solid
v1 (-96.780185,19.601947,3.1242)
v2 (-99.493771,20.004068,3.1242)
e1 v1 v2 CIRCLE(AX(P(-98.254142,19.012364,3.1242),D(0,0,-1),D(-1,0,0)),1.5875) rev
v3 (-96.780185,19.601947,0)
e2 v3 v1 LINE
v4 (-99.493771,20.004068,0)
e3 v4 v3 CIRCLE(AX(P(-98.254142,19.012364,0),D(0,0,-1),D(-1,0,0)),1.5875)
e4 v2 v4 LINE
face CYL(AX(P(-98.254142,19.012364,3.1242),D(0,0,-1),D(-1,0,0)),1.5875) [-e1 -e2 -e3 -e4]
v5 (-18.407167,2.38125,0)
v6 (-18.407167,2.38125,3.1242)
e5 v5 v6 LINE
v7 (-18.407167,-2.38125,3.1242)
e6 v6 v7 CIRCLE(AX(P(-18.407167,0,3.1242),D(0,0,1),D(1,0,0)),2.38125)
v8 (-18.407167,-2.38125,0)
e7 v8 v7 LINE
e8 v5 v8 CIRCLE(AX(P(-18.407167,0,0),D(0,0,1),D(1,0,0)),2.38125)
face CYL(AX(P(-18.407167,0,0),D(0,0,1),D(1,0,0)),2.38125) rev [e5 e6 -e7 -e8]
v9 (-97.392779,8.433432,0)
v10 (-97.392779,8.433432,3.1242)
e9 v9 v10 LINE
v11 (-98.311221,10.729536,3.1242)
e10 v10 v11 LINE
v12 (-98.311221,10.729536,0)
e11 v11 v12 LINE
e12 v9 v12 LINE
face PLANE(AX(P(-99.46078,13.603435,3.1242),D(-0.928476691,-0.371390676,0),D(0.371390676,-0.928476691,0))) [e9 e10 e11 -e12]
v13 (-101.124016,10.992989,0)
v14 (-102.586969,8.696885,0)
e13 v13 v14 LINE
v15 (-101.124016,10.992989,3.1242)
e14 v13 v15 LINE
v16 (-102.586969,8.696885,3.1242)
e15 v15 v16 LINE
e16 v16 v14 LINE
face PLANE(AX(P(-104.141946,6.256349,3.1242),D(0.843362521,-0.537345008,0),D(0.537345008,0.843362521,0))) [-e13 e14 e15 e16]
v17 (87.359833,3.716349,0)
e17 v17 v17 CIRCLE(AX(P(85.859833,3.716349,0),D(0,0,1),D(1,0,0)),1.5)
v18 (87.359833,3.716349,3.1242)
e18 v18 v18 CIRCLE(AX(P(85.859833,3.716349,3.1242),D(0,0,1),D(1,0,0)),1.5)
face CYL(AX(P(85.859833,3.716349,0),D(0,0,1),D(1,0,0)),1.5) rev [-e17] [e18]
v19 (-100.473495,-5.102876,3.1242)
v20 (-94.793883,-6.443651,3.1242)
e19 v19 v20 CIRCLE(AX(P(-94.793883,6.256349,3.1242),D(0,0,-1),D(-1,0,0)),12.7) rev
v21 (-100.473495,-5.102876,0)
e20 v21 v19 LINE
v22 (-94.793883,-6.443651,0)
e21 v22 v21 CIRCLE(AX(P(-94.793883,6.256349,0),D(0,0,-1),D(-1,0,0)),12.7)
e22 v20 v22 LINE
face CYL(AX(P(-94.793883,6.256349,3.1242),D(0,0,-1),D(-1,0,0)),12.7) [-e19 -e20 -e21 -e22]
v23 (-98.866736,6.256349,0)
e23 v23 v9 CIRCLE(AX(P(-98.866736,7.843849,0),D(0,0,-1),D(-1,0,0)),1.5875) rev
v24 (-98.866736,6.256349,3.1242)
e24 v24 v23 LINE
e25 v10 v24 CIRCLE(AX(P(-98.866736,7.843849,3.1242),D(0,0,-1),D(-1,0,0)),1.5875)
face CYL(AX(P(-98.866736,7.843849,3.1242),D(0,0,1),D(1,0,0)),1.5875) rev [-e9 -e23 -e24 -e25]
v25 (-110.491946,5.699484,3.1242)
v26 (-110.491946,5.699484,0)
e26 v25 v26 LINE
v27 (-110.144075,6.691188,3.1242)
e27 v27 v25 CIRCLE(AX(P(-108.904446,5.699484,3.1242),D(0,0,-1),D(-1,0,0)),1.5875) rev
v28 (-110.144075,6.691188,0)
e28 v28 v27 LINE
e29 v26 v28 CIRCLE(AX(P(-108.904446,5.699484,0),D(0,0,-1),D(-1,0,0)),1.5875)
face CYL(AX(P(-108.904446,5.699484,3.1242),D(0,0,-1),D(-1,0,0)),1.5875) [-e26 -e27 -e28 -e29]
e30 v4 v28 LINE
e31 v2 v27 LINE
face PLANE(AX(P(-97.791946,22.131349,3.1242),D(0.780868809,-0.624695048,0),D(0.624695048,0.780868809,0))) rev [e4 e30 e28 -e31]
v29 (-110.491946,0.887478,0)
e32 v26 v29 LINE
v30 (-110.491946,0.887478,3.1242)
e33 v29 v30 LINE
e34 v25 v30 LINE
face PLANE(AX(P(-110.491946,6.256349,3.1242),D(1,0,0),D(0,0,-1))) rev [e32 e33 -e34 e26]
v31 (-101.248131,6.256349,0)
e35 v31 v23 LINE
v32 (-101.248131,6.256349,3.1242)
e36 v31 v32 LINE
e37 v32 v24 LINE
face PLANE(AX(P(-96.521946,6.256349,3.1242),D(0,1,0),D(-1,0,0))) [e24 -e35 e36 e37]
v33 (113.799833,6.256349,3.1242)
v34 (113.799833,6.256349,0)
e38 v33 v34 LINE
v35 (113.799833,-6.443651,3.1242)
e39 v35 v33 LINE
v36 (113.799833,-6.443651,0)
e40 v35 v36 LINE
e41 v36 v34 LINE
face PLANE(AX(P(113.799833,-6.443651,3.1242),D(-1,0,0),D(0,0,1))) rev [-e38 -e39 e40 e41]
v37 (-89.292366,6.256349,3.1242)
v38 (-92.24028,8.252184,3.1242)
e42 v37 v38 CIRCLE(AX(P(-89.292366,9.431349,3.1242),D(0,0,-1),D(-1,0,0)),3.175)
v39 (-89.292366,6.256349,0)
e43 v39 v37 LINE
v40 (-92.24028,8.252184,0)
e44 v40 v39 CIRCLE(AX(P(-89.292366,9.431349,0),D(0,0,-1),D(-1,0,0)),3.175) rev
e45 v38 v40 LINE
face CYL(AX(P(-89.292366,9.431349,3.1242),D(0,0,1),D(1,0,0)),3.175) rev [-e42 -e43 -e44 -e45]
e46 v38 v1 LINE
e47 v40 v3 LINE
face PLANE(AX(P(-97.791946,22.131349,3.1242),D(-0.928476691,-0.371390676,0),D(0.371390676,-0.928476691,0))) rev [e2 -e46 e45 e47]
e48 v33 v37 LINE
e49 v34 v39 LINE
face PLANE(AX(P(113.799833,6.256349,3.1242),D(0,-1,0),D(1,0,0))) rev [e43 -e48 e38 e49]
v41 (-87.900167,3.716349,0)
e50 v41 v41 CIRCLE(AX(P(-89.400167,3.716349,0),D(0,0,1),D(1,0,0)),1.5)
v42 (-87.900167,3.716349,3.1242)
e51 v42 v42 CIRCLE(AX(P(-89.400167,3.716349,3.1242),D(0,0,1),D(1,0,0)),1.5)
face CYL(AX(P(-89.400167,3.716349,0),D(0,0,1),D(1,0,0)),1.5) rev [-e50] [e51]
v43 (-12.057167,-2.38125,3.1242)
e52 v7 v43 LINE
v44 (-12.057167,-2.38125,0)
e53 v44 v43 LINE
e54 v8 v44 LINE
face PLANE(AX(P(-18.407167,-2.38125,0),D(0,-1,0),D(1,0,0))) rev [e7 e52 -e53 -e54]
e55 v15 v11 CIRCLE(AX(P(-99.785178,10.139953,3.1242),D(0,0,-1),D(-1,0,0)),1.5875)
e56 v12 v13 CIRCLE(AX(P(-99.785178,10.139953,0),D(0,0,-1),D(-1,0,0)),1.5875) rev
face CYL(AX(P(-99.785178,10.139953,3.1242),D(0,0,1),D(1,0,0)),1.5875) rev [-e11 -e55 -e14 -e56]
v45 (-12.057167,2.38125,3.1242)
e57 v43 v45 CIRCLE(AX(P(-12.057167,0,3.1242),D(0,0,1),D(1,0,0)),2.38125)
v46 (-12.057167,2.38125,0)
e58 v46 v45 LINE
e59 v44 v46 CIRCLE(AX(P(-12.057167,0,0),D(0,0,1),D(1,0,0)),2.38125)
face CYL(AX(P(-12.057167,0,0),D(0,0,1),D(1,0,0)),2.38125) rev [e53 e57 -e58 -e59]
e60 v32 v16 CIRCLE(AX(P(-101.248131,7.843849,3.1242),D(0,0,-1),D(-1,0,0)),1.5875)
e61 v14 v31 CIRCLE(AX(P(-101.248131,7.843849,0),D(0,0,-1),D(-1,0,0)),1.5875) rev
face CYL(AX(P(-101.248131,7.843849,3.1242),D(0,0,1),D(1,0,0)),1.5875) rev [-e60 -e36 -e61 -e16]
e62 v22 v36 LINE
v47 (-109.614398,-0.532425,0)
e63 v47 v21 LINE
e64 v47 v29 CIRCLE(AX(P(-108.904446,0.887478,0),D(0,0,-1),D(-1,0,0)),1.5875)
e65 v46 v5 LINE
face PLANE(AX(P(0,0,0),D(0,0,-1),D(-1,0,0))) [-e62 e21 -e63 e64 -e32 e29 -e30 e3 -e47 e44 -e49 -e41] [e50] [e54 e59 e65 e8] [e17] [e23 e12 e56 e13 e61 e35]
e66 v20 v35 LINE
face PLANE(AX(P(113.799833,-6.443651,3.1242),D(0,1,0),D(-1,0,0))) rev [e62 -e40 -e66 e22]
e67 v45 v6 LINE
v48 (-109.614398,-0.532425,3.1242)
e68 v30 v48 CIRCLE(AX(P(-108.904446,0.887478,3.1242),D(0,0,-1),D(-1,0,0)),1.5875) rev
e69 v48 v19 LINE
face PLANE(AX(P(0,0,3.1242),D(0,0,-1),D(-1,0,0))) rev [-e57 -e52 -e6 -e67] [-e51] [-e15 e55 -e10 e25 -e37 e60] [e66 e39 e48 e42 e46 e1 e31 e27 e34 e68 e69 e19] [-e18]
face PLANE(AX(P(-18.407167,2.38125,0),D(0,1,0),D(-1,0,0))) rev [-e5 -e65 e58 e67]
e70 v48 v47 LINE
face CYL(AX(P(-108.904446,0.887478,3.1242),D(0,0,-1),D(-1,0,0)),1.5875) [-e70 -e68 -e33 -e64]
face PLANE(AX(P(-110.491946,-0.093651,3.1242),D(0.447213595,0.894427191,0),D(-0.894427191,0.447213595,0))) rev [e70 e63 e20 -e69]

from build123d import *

# Parameters (mm, degrees)
BOSS_EXTRUDE1_DEPTH = 3.1242
FILLET4_R           = 12.7
FILLET8_R           = 1.5875
FILLET9_R           = 3.175
CUT_EXTRUDE1_DEPTH  = 116.691473387
SKETCH3_R           = 1.5
CUT_EXTRUDE2_DEPTH  = 116.691473387


with BuildPart() as part:
    # Sketch1 → Boss-Extrude1 (new body)
    with BuildSketch(Plane.XY):
        Polygon((113.799832915, -6.443650697), (-97.791946085, -6.443650697), (-110.491946085, -0.093650697), (-110.491946085, 6.256349303), (-97.791946085, 22.131349303), (-91.441946085, 6.256349303), (113.799832915, 6.256349303), align=None)
        Polygon((-104.141946085, 6.256349303), (-99.460780317, 13.603434884), (-96.521946085, 6.256349303), align=None, mode=Mode.SUBTRACT)
    extrude(amount=BOSS_EXTRUDE1_DEPTH)

    # Fillet4
    fillet4_edges = [part.edges().sort_by_distance(p)[0] for p in [
        (-97.791946085, -6.443650697, 1.5621),
    ]]
    fillet(fillet4_edges, radius=FILLET4_R)

    # Fillet8
    fillet8_edges = [part.edges().sort_by_distance(p)[0] for p in [
        (-110.491946085, 6.256349303, 1.5621),
        (-97.791946085, 22.131349303, 1.5621),
        (-110.491946085, -0.093650697, 1.5621),
        (-104.141946085, 6.256349303, 1.5621),
        (-96.521946085, 6.256349303, 1.5621),
        (-99.460780317, 13.603434884, 1.5621),
    ]]
    fillet(fillet8_edges, radius=FILLET8_R)

    # Fillet9
    fillet9_edges = [part.edges().sort_by_distance(p)[0] for p in [
        (-91.441946085, 6.256349303, 1.5621),
    ]]
    fillet(fillet9_edges, radius=FILLET9_R)

    # Sketch2 → Cut-Extrude1 (cut, through all)
    with BuildSketch(Plane.XY.offset(3.1242)):
        with BuildLine():
            Line((-18.407167085, 2.38125), (-12.057167085, 2.38125))
            ThreePointArc((-12.057167085, 2.38125), (-9.675917085, 0), (-12.057167085, -2.38125))
            Line((-12.057167085, -2.38125), (-18.407167085, -2.38125))
            ThreePointArc((-18.407167085, -2.38125), (-20.788417085, 0), (-18.407167085, 2.38125))
        make_face()
    extrude(amount=-CUT_EXTRUDE1_DEPTH, mode=Mode.SUBTRACT)

    # Sketch3 → Cut-Extrude2 (cut, through all)
    with BuildSketch(Plane.XY.offset(3.1242)):
        with Locations((85.859832915, 3.716349303)):
            Circle(SKETCH3_R)
        with Locations((-89.400167085, 3.716349303)):
            Circle(SKETCH3_R)
    extrude(amount=-CUT_EXTRUDE2_DEPTH, mode=Mode.SUBTRACT)


solid = part.part
